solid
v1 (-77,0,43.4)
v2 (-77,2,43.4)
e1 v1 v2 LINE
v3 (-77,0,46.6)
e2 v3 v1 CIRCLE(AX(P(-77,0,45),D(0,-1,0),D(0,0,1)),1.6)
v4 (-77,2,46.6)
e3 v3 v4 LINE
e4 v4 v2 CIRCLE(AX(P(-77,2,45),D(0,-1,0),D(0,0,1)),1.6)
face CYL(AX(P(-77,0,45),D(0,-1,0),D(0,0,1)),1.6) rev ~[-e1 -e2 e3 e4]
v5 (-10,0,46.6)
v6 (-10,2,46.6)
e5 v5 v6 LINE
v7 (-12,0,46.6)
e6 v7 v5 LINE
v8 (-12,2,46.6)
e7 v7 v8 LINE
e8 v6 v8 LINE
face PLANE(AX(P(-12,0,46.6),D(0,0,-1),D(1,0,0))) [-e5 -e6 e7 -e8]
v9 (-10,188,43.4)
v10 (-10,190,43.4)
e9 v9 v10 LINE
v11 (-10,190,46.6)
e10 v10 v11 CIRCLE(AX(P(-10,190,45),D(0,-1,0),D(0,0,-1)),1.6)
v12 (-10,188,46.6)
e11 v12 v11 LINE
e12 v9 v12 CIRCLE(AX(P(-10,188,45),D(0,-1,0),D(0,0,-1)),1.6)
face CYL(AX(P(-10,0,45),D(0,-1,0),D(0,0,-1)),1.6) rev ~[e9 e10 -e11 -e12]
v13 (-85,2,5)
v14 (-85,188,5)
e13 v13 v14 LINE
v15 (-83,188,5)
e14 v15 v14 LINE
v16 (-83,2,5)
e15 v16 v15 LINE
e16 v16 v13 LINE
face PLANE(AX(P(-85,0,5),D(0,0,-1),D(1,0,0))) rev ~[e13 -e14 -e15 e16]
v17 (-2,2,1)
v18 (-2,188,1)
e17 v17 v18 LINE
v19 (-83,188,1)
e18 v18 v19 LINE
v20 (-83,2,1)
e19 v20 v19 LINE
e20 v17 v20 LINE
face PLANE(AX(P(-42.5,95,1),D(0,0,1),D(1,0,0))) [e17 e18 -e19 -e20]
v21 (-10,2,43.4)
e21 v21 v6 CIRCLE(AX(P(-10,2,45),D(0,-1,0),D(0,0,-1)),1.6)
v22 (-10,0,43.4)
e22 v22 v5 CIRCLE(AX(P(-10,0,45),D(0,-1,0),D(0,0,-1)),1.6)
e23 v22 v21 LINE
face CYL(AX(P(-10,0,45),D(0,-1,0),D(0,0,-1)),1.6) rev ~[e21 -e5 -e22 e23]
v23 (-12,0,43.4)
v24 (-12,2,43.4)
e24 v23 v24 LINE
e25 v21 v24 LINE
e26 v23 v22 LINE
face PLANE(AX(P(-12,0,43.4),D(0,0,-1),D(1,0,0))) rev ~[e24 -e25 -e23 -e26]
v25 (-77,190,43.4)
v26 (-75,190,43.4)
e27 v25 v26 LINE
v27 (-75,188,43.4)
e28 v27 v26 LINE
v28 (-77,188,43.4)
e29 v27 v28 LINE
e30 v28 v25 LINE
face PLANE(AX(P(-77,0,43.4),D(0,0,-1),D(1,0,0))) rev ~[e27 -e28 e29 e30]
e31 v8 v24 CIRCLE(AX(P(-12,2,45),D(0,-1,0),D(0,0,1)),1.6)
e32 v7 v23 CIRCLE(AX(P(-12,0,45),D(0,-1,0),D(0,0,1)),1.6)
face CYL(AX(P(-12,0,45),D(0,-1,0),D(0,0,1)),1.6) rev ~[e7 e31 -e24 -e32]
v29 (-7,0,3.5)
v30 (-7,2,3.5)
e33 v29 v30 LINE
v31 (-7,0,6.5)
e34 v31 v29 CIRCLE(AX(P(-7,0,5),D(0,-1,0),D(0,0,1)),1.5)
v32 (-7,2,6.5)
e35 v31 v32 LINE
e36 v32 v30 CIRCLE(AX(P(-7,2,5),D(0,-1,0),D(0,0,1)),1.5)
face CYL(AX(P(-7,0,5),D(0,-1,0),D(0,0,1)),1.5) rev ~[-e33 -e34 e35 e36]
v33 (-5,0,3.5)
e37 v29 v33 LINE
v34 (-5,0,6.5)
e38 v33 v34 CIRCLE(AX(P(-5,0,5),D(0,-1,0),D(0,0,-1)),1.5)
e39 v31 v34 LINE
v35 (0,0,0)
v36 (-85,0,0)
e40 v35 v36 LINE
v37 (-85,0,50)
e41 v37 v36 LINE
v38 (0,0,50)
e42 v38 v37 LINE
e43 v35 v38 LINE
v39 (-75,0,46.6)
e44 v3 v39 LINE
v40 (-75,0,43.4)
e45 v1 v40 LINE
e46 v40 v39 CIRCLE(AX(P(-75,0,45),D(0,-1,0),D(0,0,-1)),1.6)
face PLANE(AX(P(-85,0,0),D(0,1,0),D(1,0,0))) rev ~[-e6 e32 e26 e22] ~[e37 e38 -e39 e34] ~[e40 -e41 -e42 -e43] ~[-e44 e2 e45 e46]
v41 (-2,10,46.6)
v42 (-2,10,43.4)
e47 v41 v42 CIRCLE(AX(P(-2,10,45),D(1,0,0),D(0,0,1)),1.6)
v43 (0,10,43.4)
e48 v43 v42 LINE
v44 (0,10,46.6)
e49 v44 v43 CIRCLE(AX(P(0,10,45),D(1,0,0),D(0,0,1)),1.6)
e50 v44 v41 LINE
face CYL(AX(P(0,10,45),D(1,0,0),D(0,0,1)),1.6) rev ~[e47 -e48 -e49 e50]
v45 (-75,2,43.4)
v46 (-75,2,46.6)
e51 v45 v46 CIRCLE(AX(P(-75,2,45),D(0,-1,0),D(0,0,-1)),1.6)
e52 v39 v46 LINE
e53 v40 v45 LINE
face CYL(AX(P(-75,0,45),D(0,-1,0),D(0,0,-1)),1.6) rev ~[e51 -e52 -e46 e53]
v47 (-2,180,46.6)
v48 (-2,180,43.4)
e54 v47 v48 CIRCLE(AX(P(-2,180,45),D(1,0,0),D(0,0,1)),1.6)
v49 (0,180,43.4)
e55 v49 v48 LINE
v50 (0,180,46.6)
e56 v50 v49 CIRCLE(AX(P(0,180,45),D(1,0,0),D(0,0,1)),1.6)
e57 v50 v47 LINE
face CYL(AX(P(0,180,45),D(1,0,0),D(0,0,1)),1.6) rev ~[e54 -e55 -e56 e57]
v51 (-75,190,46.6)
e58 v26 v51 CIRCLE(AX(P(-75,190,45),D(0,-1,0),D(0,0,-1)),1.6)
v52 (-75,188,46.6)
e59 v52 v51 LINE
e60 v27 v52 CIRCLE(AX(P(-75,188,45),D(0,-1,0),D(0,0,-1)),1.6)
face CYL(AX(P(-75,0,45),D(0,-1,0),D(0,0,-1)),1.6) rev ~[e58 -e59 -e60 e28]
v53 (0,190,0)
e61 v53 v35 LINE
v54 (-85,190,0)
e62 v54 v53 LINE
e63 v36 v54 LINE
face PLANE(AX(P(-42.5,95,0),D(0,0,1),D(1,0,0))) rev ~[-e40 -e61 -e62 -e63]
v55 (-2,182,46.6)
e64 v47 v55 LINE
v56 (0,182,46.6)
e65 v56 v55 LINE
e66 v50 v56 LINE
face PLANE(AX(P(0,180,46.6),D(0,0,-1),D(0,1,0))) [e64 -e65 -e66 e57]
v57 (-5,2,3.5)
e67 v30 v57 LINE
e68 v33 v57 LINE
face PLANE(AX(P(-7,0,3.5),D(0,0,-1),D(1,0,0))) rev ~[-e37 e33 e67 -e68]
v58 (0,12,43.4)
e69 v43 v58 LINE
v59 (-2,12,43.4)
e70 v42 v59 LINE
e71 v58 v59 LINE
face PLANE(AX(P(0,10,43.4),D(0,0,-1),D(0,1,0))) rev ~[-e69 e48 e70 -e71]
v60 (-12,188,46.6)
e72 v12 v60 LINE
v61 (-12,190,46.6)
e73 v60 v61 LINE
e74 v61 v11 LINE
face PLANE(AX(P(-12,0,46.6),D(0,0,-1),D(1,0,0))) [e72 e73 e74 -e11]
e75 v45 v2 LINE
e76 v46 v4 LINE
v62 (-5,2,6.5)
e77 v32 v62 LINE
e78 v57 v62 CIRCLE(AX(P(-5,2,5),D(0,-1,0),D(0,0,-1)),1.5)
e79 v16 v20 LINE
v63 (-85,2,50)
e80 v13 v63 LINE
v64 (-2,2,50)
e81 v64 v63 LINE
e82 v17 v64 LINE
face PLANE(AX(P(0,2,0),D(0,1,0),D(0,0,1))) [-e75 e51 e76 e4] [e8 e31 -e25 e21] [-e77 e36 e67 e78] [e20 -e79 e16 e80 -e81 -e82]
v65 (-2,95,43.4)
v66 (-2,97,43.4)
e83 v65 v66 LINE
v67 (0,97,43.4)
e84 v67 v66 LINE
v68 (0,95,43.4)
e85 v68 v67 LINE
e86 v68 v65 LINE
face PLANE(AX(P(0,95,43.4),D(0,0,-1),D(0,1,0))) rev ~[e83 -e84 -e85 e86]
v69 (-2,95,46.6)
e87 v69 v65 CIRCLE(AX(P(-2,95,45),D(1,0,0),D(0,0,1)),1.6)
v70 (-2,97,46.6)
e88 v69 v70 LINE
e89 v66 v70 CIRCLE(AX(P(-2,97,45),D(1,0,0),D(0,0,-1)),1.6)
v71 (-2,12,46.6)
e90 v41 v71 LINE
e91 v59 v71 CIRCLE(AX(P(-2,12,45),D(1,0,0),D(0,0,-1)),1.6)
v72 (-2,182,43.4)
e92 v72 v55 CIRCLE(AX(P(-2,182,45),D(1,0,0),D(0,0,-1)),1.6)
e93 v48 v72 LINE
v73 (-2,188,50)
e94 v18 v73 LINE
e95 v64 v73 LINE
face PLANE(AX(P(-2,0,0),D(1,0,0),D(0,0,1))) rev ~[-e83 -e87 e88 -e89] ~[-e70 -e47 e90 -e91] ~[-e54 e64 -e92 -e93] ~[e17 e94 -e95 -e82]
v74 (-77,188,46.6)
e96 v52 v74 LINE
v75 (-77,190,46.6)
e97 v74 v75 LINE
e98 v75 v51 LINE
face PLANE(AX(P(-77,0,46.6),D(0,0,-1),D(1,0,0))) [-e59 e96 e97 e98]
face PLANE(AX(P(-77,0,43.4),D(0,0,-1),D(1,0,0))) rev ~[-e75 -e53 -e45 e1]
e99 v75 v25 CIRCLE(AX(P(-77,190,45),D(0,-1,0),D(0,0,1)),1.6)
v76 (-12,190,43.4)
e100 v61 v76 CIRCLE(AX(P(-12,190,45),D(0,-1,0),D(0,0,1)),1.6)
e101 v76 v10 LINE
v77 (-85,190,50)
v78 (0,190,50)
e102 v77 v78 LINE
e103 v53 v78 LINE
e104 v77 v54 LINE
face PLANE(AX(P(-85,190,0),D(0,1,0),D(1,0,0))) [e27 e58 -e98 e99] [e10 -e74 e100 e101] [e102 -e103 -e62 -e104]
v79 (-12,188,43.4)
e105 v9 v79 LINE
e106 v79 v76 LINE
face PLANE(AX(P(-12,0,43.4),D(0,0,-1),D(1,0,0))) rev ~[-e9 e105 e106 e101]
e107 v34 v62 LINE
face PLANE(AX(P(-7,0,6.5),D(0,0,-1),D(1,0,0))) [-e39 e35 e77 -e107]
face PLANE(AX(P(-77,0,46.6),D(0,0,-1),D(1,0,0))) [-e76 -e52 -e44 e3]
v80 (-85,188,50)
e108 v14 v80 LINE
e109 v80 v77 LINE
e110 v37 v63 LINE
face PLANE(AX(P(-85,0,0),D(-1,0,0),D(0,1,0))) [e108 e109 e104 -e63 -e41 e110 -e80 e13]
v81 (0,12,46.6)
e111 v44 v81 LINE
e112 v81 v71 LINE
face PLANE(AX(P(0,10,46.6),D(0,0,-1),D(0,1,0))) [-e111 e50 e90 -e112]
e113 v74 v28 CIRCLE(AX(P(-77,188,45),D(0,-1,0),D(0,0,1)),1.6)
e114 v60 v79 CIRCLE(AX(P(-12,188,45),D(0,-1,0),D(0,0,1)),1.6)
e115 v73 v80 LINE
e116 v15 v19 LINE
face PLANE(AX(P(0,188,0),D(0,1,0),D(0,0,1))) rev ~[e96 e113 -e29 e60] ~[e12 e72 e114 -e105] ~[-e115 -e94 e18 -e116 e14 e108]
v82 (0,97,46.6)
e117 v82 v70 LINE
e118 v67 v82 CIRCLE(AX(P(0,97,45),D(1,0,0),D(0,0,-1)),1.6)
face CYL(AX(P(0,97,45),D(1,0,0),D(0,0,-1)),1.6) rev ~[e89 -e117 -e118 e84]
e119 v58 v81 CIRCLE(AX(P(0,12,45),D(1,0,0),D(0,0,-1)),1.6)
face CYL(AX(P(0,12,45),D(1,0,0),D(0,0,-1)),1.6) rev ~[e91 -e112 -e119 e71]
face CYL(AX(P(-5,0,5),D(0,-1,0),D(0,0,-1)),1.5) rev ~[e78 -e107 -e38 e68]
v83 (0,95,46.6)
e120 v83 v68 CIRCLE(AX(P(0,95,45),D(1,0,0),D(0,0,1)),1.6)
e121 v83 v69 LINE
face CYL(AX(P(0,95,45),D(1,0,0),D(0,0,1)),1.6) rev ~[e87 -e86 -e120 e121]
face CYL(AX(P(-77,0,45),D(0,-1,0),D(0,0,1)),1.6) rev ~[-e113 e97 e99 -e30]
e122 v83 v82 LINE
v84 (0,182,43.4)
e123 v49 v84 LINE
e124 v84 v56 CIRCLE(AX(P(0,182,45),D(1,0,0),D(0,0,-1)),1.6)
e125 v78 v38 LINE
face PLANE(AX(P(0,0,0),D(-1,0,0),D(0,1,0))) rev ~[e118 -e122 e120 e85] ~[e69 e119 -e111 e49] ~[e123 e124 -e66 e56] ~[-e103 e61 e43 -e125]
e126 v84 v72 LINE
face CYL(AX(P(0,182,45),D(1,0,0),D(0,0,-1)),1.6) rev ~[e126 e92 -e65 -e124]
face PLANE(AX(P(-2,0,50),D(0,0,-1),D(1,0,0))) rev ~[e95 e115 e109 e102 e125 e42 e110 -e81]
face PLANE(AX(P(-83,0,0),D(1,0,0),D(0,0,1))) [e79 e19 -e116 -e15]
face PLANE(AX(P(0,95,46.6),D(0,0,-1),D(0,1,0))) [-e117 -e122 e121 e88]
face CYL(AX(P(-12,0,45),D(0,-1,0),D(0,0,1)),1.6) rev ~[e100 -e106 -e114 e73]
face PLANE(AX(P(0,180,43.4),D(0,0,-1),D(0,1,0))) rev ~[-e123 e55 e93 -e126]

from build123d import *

# Parameters (mm, degrees)
SKETCH_W            = 85
SKETCH_H            = 190
PAD_DEPTH           = 1
SKETCH001_W         = 2
SKETCH001_H         = 50
PAD001_DEPTH        = 190
SKETCH002_W         = 2
SKETCH002_H         = 50
PAD002_DEPTH        = 85
SKETCH003_W         = 2
SKETCH003_H         = 50
PAD003_DEPTH        = 85
SKETCH004_W         = 2
SKETCH004_H         = 5
PAD004_DEPTH        = 190
POCKET_DEPTH        = 2
POCKET001_DEPTH     = 190
POCKET002_DEPTH     = 2
LINEARPATTERN_COUNT = 3
LINEARPATTERN_PITCH = 85


with BuildPart() as part:
    # Sketch → Pad (new body)
    with BuildSketch(Plane.XY):
        with Locations((-42.5, 95)):
            Rectangle(SKETCH_W, SKETCH_H)
    extrude(amount=PAD_DEPTH)

    # Sketch001 → Pad001 (join)
    with BuildSketch(Plane.XZ):
        with Locations((-1, 25)):
            Rectangle(SKETCH001_W, SKETCH001_H)
    extrude(amount=-PAD001_DEPTH)

    # Sketch002 → Pad002 (join)
    with BuildSketch(Plane.YZ):
        with Locations((1, 25)):
            Rectangle(SKETCH002_W, SKETCH002_H)
    extrude(amount=-PAD002_DEPTH)

    # Sketch003 → Pad003 (join)
    with BuildSketch(Plane.YZ):
        with Locations((189, 25)):
            Rectangle(SKETCH003_W, SKETCH003_H)
    extrude(amount=-PAD003_DEPTH)

    # Sketch004 → Pad004 (join)
    with BuildSketch(Plane.XZ):
        with Locations((-84, 2.5)):
            Rectangle(SKETCH004_W, SKETCH004_H)
    extrude(amount=-PAD004_DEPTH)

    # Sketch005 → Pocket (cut)
    with BuildSketch(Plane.XZ):
        with BuildLine():
            ThreePointArc((-7, 6.5), (-8.5, 5), (-7, 3.5))
            Line((-7, 3.5), (-5, 3.5))
            ThreePointArc((-5, 3.5), (-3.5, 5), (-5, 6.5))
            Line((-7, 6.5), (-5, 6.5))
        make_face()
    extrude(amount=-POCKET_DEPTH, mode=Mode.SUBTRACT)

    # Sketch006 → Pocket001 (cut)
    with BuildSketch(Plane.XZ):
        with BuildLine():
            ThreePointArc((-12, 46.6), (-13.6, 45), (-12, 43.4))
            Line((-12, 43.4), (-10, 43.4))
            ThreePointArc((-10, 43.4), (-8.4, 45), (-10, 46.6))
            Line((-12, 46.6), (-10, 46.6))
        make_face()
        with BuildLine():
            ThreePointArc((-77, 46.6), (-78.6, 45), (-77, 43.4))
            Line((-77, 43.4), (-75, 43.4))
            ThreePointArc((-75, 43.4), (-73.4, 45), (-75, 46.6))
            Line((-77, 46.6), (-75, 46.6))
        make_face()
    extrude(amount=-POCKET001_DEPTH, mode=Mode.SUBTRACT)

    # Sketch007 → Pocket002 (cut)
    with BuildSketch(Plane.YZ):
        with BuildLine():
            ThreePointArc((10, 46.6), (8.4, 45), (10, 43.4))
            Line((10, 43.4), (12, 43.4))
            ThreePointArc((12, 43.4), (13.6, 45), (12, 46.6))
            Line((10, 46.6), (12, 46.6))
        make_face()
    pocket002 = extrude(amount=-POCKET002_DEPTH, mode=Mode.SUBTRACT)

    # LinearPattern: Pocket002 ×3
    with Locations(*[(0, i * LINEARPATTERN_PITCH, 0) for i in range(1, LINEARPATTERN_COUNT)]):
        add(pocket002, mode=Mode.SUBTRACT)


solid = part.part
